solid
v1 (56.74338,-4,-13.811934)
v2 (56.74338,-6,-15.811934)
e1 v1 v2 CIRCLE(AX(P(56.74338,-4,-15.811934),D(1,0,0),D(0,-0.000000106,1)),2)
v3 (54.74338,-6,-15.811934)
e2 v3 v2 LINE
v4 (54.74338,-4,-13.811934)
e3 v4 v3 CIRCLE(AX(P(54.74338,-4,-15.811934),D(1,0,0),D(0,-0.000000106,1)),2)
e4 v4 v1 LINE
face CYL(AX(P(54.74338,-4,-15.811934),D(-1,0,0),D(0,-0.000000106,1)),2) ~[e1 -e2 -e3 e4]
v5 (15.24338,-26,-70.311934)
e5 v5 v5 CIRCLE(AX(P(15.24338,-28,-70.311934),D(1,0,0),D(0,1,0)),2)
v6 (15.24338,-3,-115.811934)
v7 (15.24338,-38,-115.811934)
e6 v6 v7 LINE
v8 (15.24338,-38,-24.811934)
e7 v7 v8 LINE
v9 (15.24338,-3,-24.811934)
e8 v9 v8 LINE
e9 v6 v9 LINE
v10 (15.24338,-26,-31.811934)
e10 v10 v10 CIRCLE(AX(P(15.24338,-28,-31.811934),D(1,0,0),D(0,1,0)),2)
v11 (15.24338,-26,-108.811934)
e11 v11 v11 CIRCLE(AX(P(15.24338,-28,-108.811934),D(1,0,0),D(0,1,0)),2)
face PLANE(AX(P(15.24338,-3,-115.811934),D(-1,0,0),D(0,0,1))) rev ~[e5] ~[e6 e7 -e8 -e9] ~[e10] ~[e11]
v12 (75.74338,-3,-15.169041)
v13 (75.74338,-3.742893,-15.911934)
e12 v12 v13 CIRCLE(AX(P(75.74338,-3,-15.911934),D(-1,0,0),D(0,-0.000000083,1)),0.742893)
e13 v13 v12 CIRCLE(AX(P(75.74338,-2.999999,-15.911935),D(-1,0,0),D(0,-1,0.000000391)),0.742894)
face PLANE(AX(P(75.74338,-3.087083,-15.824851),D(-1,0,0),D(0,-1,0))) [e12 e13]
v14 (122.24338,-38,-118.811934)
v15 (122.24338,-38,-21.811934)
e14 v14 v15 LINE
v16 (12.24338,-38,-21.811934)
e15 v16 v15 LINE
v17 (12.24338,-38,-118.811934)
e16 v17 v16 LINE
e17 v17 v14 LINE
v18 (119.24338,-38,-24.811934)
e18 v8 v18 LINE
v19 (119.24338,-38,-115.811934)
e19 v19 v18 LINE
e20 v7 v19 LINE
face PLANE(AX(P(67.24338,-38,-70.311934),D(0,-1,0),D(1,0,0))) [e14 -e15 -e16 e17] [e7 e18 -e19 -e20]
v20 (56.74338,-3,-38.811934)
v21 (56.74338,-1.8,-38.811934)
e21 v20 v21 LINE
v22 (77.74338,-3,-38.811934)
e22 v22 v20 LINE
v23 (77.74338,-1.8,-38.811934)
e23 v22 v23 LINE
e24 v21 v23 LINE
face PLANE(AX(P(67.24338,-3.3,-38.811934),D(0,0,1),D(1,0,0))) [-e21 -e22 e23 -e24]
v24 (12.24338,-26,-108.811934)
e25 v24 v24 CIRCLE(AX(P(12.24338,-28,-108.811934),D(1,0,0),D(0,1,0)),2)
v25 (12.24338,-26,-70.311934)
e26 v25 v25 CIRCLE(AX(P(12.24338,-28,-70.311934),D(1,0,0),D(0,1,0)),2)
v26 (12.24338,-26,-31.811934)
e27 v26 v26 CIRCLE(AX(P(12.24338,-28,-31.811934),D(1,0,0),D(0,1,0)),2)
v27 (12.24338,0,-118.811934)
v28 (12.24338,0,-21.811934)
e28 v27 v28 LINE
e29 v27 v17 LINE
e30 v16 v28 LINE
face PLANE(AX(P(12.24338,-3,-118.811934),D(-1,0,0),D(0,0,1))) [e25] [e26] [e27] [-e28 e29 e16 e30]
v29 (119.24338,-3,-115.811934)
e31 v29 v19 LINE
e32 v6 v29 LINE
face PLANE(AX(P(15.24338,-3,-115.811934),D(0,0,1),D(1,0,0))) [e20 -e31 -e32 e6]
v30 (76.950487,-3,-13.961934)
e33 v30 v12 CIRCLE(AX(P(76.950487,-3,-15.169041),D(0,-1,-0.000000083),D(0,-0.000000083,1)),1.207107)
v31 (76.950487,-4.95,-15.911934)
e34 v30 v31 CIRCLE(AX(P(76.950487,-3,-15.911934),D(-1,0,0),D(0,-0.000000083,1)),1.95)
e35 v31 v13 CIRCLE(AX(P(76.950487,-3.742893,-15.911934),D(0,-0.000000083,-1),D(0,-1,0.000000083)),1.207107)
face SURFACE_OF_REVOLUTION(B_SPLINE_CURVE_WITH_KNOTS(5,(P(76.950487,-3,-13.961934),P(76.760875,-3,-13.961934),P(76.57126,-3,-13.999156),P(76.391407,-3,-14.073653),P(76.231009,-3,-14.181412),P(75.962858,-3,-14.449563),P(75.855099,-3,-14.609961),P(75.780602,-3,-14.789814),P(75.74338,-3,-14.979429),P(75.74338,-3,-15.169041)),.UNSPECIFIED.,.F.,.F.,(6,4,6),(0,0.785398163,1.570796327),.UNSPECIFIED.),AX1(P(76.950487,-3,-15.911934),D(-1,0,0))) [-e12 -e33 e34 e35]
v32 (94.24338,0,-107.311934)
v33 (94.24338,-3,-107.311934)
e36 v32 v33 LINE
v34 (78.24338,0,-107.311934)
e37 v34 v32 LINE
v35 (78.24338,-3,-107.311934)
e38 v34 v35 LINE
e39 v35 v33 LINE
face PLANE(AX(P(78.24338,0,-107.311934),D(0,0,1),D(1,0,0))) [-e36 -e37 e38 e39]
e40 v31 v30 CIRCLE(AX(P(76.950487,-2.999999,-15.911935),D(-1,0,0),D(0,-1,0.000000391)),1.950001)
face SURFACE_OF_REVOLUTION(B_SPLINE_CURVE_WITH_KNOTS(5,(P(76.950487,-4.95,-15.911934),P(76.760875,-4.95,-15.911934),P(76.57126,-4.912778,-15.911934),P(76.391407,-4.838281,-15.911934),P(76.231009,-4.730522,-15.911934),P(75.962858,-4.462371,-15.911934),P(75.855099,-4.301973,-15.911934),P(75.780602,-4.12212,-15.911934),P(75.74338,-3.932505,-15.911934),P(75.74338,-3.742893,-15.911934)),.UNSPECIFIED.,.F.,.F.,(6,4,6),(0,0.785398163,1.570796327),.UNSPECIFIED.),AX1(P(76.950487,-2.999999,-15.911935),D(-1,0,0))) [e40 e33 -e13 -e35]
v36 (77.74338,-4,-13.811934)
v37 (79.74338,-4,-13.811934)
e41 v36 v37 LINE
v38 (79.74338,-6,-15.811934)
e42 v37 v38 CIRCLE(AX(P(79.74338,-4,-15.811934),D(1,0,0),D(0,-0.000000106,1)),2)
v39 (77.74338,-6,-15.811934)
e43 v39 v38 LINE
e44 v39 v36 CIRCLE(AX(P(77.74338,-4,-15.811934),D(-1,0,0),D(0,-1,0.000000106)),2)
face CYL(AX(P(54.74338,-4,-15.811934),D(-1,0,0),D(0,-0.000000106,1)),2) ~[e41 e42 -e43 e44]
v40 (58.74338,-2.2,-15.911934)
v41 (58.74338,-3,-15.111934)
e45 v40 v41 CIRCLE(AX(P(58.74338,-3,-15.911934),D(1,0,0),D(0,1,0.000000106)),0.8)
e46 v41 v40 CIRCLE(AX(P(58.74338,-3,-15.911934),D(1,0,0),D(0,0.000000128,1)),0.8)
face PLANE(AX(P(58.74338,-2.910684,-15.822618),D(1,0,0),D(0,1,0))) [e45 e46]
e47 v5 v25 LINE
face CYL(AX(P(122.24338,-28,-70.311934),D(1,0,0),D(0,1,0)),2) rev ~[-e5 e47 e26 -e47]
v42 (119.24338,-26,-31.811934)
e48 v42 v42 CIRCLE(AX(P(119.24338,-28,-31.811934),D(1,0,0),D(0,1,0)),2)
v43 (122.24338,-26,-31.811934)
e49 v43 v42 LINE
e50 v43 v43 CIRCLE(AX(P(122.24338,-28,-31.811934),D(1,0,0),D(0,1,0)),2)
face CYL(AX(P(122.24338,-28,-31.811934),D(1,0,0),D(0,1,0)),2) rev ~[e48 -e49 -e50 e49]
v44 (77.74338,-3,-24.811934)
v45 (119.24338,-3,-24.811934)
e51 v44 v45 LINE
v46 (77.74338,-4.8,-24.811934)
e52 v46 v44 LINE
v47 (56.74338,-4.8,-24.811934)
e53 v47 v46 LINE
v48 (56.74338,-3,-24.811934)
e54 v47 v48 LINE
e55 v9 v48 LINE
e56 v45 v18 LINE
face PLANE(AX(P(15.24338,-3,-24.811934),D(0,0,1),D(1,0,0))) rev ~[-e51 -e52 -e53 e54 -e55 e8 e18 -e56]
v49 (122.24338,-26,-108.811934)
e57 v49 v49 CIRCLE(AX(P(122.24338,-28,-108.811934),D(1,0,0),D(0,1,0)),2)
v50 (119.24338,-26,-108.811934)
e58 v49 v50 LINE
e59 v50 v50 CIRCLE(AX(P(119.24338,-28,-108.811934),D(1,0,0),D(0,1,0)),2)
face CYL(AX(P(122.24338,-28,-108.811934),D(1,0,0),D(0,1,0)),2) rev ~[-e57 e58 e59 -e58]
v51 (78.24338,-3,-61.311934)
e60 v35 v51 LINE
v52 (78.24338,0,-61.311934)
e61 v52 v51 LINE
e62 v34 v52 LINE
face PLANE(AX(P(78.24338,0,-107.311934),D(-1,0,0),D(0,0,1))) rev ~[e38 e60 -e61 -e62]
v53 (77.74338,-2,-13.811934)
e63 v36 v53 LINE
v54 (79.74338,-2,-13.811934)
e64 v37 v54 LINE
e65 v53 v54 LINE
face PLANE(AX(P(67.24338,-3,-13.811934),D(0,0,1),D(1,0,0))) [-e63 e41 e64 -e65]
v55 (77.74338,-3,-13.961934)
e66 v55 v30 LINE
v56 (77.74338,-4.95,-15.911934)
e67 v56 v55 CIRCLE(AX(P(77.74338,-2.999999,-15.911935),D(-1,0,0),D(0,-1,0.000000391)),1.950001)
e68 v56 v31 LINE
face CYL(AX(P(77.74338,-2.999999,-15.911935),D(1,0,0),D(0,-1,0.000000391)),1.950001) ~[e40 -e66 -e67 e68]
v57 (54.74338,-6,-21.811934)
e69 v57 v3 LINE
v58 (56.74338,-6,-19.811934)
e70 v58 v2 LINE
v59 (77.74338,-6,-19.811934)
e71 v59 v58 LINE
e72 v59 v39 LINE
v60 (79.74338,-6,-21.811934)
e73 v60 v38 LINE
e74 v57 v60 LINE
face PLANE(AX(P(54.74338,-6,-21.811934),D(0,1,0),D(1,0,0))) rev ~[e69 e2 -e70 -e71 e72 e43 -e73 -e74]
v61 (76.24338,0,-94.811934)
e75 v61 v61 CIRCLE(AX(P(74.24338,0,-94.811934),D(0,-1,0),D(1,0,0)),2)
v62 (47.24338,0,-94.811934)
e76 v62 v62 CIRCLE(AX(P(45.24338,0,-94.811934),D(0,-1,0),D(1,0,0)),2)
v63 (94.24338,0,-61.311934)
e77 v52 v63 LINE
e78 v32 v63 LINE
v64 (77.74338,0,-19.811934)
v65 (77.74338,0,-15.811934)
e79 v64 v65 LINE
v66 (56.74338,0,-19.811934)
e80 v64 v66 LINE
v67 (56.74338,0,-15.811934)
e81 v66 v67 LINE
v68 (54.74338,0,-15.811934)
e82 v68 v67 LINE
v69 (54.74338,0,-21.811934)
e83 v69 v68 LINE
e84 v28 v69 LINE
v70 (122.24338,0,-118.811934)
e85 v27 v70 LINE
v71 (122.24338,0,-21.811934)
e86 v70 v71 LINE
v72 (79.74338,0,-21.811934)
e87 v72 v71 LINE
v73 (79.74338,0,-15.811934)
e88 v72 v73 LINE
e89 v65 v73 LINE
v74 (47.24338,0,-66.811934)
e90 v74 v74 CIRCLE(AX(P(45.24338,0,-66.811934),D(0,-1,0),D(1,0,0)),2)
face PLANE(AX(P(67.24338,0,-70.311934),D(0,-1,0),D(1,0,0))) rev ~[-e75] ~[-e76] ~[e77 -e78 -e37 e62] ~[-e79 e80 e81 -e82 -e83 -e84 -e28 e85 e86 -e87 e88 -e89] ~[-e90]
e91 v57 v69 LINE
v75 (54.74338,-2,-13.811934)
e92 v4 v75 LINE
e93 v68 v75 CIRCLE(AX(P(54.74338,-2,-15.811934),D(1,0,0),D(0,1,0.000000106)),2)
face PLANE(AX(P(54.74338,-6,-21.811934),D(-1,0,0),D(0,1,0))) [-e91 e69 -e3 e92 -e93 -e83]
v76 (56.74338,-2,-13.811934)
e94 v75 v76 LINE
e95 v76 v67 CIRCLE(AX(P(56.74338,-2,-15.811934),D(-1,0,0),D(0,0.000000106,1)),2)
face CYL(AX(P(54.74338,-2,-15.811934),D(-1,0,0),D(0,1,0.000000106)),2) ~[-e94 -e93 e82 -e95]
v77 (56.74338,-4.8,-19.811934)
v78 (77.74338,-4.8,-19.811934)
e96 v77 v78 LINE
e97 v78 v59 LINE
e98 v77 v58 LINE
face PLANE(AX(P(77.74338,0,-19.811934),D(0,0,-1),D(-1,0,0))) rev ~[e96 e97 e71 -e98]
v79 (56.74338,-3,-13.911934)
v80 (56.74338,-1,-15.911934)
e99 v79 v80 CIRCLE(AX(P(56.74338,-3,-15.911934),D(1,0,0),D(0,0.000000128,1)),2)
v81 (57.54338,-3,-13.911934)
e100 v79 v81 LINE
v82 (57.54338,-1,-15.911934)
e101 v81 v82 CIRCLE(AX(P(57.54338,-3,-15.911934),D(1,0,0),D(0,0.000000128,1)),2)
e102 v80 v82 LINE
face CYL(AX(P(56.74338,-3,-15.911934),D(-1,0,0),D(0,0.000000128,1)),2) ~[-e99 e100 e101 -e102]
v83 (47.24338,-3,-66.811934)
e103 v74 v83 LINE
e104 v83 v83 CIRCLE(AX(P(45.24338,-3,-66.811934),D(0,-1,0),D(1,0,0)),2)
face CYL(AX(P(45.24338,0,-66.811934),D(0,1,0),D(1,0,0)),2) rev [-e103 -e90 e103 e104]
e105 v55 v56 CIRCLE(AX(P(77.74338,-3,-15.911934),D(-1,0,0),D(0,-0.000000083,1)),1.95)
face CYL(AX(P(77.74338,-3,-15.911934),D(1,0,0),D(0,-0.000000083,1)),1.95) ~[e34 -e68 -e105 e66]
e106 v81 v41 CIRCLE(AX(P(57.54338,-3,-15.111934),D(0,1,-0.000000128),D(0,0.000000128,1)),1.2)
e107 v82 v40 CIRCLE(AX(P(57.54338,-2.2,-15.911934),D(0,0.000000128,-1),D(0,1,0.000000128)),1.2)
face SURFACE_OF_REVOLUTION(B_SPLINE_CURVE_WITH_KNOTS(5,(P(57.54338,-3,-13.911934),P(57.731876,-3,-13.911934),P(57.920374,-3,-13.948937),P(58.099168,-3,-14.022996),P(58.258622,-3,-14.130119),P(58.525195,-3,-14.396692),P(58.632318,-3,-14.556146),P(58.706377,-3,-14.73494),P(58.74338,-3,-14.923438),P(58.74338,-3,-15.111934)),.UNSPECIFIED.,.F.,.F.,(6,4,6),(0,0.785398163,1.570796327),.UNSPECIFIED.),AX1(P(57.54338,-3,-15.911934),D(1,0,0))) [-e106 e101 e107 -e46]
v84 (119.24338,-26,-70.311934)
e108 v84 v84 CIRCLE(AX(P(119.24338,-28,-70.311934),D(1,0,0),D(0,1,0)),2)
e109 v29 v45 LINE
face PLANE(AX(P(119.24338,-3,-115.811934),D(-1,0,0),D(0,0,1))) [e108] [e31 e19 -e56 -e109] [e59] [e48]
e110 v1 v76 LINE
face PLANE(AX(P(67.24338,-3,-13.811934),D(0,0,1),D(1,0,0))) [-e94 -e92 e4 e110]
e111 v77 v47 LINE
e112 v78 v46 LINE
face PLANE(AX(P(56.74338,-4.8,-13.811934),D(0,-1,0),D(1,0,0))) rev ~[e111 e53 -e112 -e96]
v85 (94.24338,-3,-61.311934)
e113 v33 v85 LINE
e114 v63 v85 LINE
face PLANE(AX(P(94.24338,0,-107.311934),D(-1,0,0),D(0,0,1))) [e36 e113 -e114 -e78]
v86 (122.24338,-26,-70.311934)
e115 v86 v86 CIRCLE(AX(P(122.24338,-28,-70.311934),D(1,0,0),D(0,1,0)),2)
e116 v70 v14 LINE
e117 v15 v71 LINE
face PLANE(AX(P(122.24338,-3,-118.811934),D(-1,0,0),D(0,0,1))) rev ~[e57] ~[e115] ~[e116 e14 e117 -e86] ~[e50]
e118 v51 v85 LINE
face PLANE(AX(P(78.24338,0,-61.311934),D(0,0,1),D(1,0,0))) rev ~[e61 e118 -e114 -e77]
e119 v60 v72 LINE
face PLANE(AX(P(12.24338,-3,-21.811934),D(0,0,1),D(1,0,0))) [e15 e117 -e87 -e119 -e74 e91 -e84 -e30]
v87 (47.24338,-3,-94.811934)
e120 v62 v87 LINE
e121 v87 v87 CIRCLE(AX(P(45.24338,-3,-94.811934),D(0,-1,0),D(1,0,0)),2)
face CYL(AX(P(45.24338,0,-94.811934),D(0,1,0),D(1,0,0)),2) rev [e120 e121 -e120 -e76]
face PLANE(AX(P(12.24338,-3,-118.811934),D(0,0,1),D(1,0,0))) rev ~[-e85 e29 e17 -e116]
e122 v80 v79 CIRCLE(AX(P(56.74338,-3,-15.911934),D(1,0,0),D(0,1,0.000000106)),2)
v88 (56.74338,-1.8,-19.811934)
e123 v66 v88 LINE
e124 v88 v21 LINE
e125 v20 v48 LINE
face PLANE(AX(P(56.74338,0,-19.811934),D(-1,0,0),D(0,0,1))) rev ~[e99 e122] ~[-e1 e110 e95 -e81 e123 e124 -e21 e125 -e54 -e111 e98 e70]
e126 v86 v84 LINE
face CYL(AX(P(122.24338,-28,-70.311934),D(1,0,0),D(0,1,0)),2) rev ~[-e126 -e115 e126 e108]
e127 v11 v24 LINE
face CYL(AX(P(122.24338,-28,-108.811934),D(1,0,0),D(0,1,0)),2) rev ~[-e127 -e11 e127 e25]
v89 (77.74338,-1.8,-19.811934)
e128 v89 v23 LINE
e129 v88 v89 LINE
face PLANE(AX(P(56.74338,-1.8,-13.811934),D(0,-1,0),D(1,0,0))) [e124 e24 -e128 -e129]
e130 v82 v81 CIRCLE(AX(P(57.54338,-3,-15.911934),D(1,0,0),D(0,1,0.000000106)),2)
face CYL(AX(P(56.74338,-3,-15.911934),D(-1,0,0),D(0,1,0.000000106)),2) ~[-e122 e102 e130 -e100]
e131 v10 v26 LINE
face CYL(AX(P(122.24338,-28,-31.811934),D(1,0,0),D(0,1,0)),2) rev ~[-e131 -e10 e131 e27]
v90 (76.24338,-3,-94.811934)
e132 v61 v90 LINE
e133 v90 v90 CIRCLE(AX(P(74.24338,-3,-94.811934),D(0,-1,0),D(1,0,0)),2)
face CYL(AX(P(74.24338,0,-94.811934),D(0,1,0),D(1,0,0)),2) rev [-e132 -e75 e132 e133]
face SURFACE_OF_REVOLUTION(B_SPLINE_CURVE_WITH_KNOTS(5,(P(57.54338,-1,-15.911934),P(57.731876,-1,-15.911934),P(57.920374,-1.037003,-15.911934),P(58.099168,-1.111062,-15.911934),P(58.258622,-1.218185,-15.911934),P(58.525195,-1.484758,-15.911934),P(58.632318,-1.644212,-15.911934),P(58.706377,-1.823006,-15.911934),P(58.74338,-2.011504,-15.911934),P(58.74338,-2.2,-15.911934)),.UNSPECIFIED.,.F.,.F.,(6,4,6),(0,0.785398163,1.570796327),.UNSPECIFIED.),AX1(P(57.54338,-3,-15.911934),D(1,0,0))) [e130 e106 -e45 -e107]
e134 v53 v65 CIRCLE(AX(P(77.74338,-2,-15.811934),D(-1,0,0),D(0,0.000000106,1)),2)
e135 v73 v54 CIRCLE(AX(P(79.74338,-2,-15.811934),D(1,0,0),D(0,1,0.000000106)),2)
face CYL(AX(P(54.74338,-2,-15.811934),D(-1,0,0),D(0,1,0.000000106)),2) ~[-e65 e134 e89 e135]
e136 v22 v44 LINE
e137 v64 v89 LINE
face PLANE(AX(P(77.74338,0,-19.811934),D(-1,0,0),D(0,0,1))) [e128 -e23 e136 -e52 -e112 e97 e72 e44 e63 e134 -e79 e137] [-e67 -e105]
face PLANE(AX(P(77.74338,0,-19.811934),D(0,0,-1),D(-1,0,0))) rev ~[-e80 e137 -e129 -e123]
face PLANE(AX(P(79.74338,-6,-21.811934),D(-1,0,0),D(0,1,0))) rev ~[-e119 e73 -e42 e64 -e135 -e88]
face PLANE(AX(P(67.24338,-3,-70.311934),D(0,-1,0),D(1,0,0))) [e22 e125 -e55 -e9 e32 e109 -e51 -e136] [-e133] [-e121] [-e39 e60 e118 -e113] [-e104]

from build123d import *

# Parameters (mm, degrees)
F0_W      = 110
F0_H      = 97
F0_R      = 2
F0_W_2    = 16
F0_H_2    = 46
F1_DEPTH  = 3
F2_W      = 22
F2_H      = 1.6
F3_DEPTH  = 1.6
F4_W      = 110
F4_H      = 97
F4_W_2    = 104
F4_H_2    = 91
F5_DEPTH  = 35
F6_W      = 25
F6_H      = 6
F7_DEPTH  = 8
F8_W      = 21
F8_H      = 3
F9_DEPTH  = 25
F11_DEPTH = 25
F12_W     = 21
F12_H     = 6
F13_DEPTH = 7
F15_DEPTH = 2
F16_R     = 1.207107
F18_DEPTH = 2
F19_R     = 1.2
F20_R     = 2
F21_DEPTH = 110.001


with BuildPart() as f1:
    # F0 (on Front) → F1 (new body)
    with BuildSketch(Plane.XZ):
        with Locations((67.24338, -70.311934)):
            Rectangle(F0_W, F0_H)
        with Locations((45.24338, -94.811934)):
            Circle(F0_R, mode=Mode.SUBTRACT)
        with Locations((74.24338, -94.811934)):
            Circle(F0_R, mode=Mode.SUBTRACT)
        with Locations((86.24338, -84.311934)):
            Rectangle(F0_W_2, F0_H_2, mode=Mode.SUBTRACT)
        with Locations((45.24338, -66.811934)):
            Circle(F0_R, mode=Mode.SUBTRACT)
    extrude(amount=F1_DEPTH)

    # F2 (on Front) → F3 (join)
    with BuildSketch(Plane.XZ):
        with Locations((67.24338, -25.611934)):
            Rectangle(F2_W, F2_H)
    extrude(amount=F3_DEPTH)

    # F4 (on face) → F5 (join)
    with BuildSketch(Plane.XZ.offset(3)):
        with Locations((67.24338, -70.311934)):
            Rectangle(F4_W, F4_H)
        with Locations((67.24338, -70.311934)):
            Rectangle(F4_W_2, F4_H_2, mode=Mode.SUBTRACT)
    extrude(amount=F5_DEPTH)

    # F6 (on face) → F7 (join)
    with BuildSketch(Plane.XY.offset(-21.811934)):
        with Locations((67.24338, -3)):
            Rectangle(F6_W, F6_H)
    extrude(amount=F7_DEPTH)

    # F8 (on face) → F9 (cut)
    with BuildSketch(Plane.XY.offset(-13.811934)):
        with Locations((67.24338, -3.3)):
            Rectangle(F8_W, F8_H)
    extrude(amount=-F9_DEPTH, mode=Mode.SUBTRACT)

    # F10 (on face) → F11 (cut)
    with BuildSketch(Plane(origin=(54.74338, 0, 0), x_dir=(0, -1, 0), z_dir=(-1, 0, 0))):
        with BuildLine():
            ThreePointArc((0, -15.811934), (0.585786, -14.397721), (2, -13.811934))
            Line((2, -13.811934), (0, -13.811934))
            Line((0, -13.811934), (0, -15.811934))
        make_face()
        with BuildLine():
            Line((6, -13.811934), (4, -13.811934))
            ThreePointArc((4, -13.811934), (5.414214, -14.397721), (6, -15.811934))
            Line((6, -15.811934), (6, -13.811934))
        make_face()
    extrude(amount=-F11_DEPTH, mode=Mode.SUBTRACT)

    # F12 (on face) → F13 (cut)
    with BuildSketch(Plane(origin=(0, 0, 0), x_dir=(-1, 0, 0), z_dir=(0, 1, 0))):
        with Locations((-67.24338, -16.811934)):
            Rectangle(F12_W, F12_H)
    extrude(amount=-F13_DEPTH, mode=Mode.SUBTRACT)

    # F14 (on face) → F15 (join)
    with BuildSketch(Plane(origin=(77.74338, 0, 0), x_dir=(0, -1, 0), z_dir=(-1, 0, 0))):
        with BuildLine():
            ThreePointArc((3, -13.961934), (1.621142, -17.290793), (4.95, -15.911934))
            ThreePointArc((4.95, -15.911934), (4.378858, -14.533076), (3, -13.961934))
        make_face()
    extrude(amount=F15_DEPTH)

    # F16
    f16_edges = [f1.edges().sort_by_distance(p)[0] for p in [
        (75.74338, -1.05, -15.911934),
    ]]
    fillet(f16_edges, radius=F16_R)

    # F17 (on face) → F18 (join)
    with BuildSketch(Plane.YZ.offset(56.74338)):
        with BuildLine():
            ThreePointArc((-3, -13.911934), (-4.414214, -17.326148), (-1, -15.911934))
            ThreePointArc((-1, -15.911934), (-1.585786, -14.497721), (-3, -13.911934))
        make_face()
    extrude(amount=F18_DEPTH)

    # F19
    f19_edges = [f1.edges().sort_by_distance(p)[0] for p in [
        (58.74338, -5, -15.911934),
    ]]
    fillet(f19_edges, radius=F19_R)

    # F20 (on face) → F21 (cut, through all)
    with BuildSketch(Plane.YZ.offset(122.24338)):
        with Locations((-28, -31.811934)):
            Circle(F20_R)
        with Locations((-28, -108.811934)):
            Circle(F20_R)
        with Locations((-28, -70.311934)):
            Circle(F20_R)
    extrude(amount=-F21_DEPTH, mode=Mode.SUBTRACT)


solid = f1.part
